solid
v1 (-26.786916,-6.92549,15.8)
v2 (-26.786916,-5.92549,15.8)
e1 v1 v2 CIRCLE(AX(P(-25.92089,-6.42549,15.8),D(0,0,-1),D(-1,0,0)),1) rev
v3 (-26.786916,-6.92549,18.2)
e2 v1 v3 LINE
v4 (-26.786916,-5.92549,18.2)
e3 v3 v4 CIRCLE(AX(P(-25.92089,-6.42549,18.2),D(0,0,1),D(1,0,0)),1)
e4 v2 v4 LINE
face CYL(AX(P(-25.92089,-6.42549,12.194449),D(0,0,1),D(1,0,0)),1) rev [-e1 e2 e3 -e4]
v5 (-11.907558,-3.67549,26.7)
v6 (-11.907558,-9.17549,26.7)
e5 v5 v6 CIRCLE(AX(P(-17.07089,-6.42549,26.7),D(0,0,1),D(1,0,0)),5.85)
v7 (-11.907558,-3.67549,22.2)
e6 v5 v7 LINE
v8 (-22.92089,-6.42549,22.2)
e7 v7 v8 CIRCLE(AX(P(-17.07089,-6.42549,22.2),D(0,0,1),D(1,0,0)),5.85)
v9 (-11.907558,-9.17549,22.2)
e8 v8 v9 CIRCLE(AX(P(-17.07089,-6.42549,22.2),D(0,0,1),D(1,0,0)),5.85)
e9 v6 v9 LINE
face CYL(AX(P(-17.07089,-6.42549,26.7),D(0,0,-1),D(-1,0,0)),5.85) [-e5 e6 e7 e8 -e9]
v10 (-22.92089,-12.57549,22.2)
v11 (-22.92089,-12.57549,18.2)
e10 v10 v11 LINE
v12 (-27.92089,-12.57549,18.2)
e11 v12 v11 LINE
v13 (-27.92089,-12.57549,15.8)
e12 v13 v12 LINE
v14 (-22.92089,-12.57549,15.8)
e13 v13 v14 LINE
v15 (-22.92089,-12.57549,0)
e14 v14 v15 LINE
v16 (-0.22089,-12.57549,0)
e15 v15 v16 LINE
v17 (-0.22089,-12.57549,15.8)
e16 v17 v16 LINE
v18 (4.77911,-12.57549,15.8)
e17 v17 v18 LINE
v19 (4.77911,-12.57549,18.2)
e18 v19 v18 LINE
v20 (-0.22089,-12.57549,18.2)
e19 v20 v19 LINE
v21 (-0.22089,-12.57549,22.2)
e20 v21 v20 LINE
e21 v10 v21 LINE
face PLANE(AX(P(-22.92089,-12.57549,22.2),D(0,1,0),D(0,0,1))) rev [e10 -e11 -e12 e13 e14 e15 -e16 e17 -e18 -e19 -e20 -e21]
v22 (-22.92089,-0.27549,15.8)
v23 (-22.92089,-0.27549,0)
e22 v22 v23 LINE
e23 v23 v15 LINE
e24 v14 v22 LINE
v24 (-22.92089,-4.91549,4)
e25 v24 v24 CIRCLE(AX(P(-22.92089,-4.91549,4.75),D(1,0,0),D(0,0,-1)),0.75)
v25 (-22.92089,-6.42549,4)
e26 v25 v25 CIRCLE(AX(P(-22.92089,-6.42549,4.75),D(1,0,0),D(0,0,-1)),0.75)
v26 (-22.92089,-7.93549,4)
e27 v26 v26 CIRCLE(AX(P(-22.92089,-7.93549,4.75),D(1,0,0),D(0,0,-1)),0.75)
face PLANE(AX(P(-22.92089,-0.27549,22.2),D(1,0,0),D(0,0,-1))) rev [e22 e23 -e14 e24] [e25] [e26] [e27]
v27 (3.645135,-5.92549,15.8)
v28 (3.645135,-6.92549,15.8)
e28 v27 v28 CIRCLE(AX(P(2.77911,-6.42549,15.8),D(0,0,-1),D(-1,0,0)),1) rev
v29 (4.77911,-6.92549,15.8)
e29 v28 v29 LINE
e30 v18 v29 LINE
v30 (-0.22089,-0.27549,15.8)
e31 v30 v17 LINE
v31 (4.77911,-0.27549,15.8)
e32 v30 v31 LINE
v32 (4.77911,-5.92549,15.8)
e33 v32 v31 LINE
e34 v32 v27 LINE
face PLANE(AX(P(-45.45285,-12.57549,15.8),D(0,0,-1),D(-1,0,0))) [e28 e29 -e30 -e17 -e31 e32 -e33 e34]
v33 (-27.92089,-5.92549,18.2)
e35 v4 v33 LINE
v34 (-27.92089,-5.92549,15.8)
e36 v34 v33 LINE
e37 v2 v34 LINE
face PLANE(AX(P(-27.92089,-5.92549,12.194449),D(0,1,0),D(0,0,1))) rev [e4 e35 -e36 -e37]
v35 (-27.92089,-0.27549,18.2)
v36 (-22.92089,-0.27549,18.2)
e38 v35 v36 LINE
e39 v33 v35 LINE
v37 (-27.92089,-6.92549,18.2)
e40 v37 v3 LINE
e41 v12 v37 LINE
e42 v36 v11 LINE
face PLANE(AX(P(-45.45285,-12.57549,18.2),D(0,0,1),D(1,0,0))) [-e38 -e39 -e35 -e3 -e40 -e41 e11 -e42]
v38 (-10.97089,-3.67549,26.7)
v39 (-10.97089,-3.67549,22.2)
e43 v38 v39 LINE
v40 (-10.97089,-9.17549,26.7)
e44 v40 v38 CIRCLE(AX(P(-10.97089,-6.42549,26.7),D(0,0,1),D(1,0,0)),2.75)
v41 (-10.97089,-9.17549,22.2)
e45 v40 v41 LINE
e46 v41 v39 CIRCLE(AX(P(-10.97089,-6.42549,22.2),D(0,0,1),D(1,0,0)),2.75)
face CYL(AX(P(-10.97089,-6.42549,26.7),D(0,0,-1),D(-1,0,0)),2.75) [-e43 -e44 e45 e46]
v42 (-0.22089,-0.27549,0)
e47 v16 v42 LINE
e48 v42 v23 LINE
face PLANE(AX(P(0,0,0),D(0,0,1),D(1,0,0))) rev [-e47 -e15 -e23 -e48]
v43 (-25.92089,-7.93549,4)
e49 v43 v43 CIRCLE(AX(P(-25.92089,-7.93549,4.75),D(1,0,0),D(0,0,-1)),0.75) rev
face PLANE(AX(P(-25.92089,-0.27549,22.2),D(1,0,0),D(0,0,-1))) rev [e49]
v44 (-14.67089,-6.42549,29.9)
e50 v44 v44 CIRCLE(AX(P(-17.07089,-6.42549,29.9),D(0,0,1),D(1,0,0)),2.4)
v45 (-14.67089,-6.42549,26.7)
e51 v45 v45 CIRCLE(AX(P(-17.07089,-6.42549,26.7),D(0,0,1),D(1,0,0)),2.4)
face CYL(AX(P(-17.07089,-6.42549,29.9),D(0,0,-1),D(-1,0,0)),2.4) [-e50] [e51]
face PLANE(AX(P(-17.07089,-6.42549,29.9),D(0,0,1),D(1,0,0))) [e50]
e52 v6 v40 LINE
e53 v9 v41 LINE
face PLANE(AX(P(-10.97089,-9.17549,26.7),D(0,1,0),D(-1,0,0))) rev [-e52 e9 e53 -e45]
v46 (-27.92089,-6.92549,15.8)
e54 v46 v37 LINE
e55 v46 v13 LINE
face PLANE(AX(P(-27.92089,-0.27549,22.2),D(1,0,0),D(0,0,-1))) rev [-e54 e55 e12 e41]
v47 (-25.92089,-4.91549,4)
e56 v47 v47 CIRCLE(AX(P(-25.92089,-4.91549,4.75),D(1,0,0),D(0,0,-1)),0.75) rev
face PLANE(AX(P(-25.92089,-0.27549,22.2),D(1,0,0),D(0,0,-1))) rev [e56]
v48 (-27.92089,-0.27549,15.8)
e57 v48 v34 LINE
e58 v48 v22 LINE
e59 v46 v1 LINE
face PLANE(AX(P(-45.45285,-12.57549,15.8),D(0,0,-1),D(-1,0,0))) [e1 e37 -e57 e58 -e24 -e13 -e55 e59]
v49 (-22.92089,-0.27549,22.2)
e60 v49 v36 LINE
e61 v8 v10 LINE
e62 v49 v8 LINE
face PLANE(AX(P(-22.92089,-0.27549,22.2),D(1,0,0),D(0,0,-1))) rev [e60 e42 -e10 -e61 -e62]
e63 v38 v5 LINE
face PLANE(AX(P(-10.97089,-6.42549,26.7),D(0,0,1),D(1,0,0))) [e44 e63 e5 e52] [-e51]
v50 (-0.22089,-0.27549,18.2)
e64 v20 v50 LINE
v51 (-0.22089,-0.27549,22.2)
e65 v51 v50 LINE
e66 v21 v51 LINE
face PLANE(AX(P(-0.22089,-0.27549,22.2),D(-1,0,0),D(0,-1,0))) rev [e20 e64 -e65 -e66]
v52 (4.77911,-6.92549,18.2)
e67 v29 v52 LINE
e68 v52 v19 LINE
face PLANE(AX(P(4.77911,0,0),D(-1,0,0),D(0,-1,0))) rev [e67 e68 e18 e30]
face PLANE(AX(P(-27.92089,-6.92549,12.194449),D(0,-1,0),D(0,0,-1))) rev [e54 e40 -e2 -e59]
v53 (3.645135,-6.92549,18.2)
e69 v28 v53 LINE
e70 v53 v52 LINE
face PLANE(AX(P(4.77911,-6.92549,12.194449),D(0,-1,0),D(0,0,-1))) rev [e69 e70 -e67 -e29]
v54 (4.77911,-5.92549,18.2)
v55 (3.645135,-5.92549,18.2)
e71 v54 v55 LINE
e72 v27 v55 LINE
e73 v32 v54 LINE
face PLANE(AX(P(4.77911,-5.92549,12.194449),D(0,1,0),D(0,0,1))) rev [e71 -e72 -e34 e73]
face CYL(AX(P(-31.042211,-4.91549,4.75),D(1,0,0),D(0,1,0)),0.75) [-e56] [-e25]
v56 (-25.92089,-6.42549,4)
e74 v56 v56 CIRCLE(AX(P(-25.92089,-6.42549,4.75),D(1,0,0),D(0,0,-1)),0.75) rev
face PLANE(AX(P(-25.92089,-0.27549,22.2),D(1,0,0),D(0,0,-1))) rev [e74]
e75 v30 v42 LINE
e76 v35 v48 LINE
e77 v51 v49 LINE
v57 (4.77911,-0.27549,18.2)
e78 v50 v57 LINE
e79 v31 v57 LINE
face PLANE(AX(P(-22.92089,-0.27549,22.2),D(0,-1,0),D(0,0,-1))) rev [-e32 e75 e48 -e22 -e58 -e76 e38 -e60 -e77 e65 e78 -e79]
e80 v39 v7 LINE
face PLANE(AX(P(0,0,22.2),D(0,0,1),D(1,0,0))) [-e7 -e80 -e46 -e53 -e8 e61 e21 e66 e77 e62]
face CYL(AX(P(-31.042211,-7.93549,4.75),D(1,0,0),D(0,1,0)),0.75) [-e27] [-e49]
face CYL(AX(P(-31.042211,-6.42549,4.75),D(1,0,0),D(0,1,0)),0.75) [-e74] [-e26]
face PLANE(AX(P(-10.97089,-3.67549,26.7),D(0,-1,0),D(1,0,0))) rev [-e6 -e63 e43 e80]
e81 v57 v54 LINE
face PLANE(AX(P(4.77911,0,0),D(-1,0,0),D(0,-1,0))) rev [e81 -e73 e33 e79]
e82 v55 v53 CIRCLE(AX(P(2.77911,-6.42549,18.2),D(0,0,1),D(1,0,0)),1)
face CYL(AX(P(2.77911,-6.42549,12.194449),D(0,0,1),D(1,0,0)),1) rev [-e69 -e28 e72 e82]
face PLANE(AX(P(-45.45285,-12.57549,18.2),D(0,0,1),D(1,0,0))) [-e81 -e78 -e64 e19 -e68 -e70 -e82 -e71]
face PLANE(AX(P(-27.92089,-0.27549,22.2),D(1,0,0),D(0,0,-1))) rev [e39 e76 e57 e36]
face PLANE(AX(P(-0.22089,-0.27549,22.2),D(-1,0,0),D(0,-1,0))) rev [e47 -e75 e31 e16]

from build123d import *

# Parameters (mm, degrees)
SZKIC1_W                         = 22.7
SZKIC1_H                         = 12.3
DODANIE_WYCI_GNI_CIE1_DEPTH      = 22.2
DODANIE_WYCI_GNI_CIE2_DEPTH      = 5
DODANIE_WYCI_GNI_CIE2_DEPTH_BACK = 27.7
SZKIC2_W                         = 2.4
SZKIC2_H                         = 12.3
DODANIE_WYCI_GNI_CIE3_DEPTH      = 4.5
SZKIC8_R                         = 2.4
DODANIE_WYCI_GNI_CIE4_DEPTH      = 3.2
WYTNIJ_WYCI_GNI_CIE1_DEPTH       = 2.4
WYTNIJ_WYCI_GNI_CIE2_DEPTH       = 2.4
SZKIC11_R                        = 0.75
DODANIE_WYCI_GNI_CIE8_DEPTH      = 25.7


with BuildPart() as part:
    # Szkic1 → Dodanie-wyciągnięcie1 (new body)
    with BuildSketch(Plane.XY):
        with Locations((-11.570890411, -6.425490196)):
            Rectangle(SZKIC1_W, SZKIC1_H)
    extrude(amount=DODANIE_WYCI_GNI_CIE1_DEPTH)

    # Szkic2 → Dodanie-wyciągnięcie2 (add, two sides: drawn at the far end of the back side and taken through both)
    with BuildSketch(Plane(origin=(-0.220890411, 0, 0), x_dir=(0, 0, -1), z_dir=(1, 0, 0)).offset(-DODANIE_WYCI_GNI_CIE2_DEPTH_BACK)):
        with Locations((-17, -6.425490196)):
            Rectangle(SZKIC2_W, SZKIC2_H)
    extrude(amount=DODANIE_WYCI_GNI_CIE2_DEPTH + DODANIE_WYCI_GNI_CIE2_DEPTH_BACK)

    # Szkic3 → Dodanie-wyciągnięcie3 (add)
    with BuildSketch(Plane.XY.offset(22.2)):
        with BuildLine():
            Line((-10.970890411, -9.175490196), (-11.907558154, -9.175490196))
            ThreePointArc((-11.907558154, -9.175490196), (-22.920890411, -6.425490196), (-11.907558154, -3.675490196))
            Line((-11.907558154, -3.675490196), (-10.970890411, -3.675490196))
            ThreePointArc((-10.970890411, -3.675490196), (-8.220890411, -6.425490196), (-10.970890411, -9.175490196))
        make_face()
    extrude(amount=DODANIE_WYCI_GNI_CIE3_DEPTH)

    # Szkic8 → Dodanie-wyciągnięcie4 (add)
    with BuildSketch(Plane.XY.offset(26.7)):
        with Locations((-17.070890411, -6.425490196)):
            Circle(SZKIC8_R)
    extrude(amount=DODANIE_WYCI_GNI_CIE4_DEPTH)

    # Szkic9 → Wytnij-wyciągnięcie1 (cut)
    with BuildSketch(Plane.XY.offset(18.2)):
        with BuildLine():
            Line((4.779109589, -6.425490196), (4.779109589, -5.925490196))
            Line((4.779109589, -5.925490196), (3.645134993, -5.925490196))
            ThreePointArc((3.645134993, -5.925490196), (1.779109589, -6.425490196), (3.645134993, -6.925490196))
            Line((3.645134993, -6.925490196), (4.779109589, -6.925490196))
            Line((4.779109589, -6.925490196), (4.779109589, -6.425490196))
        make_face()
    extrude(amount=-WYTNIJ_WYCI_GNI_CIE1_DEPTH, mode=Mode.SUBTRACT)

    # Szkic10 → Wytnij-wyciągnięcie2 (cut)
    with BuildSketch(Plane.XY.offset(18.2)):
        with BuildLine():
            Line((-27.920890411, -5.925490196), (-27.920890411, -6.925490196))
            Line((-27.920890411, -6.925490196), (-26.786915815, -6.925490196))
            ThreePointArc((-26.786915815, -6.925490196), (-24.920890411, -6.425490196), (-26.786915815, -5.925490196))
            Line((-26.786915815, -5.925490196), (-27.920890411, -5.925490196))
        make_face()
    extrude(amount=-WYTNIJ_WYCI_GNI_CIE2_DEPTH, mode=Mode.SUBTRACT)

    # Szkic11 → Dodanie-wyciągnięcie8 (add)
    with BuildSketch(Plane(origin=(-0.220890411, 0, 0), x_dir=(0, 0, -1), z_dir=(1, 0, 0))):
        with Locations((-4.75, -6.425490196)):
            Circle(SZKIC11_R)
        with Locations((-4.75, -4.915490196)):
            Circle(SZKIC11_R)
        with Locations((-4.75, -7.935490196)):
            Circle(SZKIC11_R)
    extrude(amount=-DODANIE_WYCI_GNI_CIE8_DEPTH)


solid = part.part
